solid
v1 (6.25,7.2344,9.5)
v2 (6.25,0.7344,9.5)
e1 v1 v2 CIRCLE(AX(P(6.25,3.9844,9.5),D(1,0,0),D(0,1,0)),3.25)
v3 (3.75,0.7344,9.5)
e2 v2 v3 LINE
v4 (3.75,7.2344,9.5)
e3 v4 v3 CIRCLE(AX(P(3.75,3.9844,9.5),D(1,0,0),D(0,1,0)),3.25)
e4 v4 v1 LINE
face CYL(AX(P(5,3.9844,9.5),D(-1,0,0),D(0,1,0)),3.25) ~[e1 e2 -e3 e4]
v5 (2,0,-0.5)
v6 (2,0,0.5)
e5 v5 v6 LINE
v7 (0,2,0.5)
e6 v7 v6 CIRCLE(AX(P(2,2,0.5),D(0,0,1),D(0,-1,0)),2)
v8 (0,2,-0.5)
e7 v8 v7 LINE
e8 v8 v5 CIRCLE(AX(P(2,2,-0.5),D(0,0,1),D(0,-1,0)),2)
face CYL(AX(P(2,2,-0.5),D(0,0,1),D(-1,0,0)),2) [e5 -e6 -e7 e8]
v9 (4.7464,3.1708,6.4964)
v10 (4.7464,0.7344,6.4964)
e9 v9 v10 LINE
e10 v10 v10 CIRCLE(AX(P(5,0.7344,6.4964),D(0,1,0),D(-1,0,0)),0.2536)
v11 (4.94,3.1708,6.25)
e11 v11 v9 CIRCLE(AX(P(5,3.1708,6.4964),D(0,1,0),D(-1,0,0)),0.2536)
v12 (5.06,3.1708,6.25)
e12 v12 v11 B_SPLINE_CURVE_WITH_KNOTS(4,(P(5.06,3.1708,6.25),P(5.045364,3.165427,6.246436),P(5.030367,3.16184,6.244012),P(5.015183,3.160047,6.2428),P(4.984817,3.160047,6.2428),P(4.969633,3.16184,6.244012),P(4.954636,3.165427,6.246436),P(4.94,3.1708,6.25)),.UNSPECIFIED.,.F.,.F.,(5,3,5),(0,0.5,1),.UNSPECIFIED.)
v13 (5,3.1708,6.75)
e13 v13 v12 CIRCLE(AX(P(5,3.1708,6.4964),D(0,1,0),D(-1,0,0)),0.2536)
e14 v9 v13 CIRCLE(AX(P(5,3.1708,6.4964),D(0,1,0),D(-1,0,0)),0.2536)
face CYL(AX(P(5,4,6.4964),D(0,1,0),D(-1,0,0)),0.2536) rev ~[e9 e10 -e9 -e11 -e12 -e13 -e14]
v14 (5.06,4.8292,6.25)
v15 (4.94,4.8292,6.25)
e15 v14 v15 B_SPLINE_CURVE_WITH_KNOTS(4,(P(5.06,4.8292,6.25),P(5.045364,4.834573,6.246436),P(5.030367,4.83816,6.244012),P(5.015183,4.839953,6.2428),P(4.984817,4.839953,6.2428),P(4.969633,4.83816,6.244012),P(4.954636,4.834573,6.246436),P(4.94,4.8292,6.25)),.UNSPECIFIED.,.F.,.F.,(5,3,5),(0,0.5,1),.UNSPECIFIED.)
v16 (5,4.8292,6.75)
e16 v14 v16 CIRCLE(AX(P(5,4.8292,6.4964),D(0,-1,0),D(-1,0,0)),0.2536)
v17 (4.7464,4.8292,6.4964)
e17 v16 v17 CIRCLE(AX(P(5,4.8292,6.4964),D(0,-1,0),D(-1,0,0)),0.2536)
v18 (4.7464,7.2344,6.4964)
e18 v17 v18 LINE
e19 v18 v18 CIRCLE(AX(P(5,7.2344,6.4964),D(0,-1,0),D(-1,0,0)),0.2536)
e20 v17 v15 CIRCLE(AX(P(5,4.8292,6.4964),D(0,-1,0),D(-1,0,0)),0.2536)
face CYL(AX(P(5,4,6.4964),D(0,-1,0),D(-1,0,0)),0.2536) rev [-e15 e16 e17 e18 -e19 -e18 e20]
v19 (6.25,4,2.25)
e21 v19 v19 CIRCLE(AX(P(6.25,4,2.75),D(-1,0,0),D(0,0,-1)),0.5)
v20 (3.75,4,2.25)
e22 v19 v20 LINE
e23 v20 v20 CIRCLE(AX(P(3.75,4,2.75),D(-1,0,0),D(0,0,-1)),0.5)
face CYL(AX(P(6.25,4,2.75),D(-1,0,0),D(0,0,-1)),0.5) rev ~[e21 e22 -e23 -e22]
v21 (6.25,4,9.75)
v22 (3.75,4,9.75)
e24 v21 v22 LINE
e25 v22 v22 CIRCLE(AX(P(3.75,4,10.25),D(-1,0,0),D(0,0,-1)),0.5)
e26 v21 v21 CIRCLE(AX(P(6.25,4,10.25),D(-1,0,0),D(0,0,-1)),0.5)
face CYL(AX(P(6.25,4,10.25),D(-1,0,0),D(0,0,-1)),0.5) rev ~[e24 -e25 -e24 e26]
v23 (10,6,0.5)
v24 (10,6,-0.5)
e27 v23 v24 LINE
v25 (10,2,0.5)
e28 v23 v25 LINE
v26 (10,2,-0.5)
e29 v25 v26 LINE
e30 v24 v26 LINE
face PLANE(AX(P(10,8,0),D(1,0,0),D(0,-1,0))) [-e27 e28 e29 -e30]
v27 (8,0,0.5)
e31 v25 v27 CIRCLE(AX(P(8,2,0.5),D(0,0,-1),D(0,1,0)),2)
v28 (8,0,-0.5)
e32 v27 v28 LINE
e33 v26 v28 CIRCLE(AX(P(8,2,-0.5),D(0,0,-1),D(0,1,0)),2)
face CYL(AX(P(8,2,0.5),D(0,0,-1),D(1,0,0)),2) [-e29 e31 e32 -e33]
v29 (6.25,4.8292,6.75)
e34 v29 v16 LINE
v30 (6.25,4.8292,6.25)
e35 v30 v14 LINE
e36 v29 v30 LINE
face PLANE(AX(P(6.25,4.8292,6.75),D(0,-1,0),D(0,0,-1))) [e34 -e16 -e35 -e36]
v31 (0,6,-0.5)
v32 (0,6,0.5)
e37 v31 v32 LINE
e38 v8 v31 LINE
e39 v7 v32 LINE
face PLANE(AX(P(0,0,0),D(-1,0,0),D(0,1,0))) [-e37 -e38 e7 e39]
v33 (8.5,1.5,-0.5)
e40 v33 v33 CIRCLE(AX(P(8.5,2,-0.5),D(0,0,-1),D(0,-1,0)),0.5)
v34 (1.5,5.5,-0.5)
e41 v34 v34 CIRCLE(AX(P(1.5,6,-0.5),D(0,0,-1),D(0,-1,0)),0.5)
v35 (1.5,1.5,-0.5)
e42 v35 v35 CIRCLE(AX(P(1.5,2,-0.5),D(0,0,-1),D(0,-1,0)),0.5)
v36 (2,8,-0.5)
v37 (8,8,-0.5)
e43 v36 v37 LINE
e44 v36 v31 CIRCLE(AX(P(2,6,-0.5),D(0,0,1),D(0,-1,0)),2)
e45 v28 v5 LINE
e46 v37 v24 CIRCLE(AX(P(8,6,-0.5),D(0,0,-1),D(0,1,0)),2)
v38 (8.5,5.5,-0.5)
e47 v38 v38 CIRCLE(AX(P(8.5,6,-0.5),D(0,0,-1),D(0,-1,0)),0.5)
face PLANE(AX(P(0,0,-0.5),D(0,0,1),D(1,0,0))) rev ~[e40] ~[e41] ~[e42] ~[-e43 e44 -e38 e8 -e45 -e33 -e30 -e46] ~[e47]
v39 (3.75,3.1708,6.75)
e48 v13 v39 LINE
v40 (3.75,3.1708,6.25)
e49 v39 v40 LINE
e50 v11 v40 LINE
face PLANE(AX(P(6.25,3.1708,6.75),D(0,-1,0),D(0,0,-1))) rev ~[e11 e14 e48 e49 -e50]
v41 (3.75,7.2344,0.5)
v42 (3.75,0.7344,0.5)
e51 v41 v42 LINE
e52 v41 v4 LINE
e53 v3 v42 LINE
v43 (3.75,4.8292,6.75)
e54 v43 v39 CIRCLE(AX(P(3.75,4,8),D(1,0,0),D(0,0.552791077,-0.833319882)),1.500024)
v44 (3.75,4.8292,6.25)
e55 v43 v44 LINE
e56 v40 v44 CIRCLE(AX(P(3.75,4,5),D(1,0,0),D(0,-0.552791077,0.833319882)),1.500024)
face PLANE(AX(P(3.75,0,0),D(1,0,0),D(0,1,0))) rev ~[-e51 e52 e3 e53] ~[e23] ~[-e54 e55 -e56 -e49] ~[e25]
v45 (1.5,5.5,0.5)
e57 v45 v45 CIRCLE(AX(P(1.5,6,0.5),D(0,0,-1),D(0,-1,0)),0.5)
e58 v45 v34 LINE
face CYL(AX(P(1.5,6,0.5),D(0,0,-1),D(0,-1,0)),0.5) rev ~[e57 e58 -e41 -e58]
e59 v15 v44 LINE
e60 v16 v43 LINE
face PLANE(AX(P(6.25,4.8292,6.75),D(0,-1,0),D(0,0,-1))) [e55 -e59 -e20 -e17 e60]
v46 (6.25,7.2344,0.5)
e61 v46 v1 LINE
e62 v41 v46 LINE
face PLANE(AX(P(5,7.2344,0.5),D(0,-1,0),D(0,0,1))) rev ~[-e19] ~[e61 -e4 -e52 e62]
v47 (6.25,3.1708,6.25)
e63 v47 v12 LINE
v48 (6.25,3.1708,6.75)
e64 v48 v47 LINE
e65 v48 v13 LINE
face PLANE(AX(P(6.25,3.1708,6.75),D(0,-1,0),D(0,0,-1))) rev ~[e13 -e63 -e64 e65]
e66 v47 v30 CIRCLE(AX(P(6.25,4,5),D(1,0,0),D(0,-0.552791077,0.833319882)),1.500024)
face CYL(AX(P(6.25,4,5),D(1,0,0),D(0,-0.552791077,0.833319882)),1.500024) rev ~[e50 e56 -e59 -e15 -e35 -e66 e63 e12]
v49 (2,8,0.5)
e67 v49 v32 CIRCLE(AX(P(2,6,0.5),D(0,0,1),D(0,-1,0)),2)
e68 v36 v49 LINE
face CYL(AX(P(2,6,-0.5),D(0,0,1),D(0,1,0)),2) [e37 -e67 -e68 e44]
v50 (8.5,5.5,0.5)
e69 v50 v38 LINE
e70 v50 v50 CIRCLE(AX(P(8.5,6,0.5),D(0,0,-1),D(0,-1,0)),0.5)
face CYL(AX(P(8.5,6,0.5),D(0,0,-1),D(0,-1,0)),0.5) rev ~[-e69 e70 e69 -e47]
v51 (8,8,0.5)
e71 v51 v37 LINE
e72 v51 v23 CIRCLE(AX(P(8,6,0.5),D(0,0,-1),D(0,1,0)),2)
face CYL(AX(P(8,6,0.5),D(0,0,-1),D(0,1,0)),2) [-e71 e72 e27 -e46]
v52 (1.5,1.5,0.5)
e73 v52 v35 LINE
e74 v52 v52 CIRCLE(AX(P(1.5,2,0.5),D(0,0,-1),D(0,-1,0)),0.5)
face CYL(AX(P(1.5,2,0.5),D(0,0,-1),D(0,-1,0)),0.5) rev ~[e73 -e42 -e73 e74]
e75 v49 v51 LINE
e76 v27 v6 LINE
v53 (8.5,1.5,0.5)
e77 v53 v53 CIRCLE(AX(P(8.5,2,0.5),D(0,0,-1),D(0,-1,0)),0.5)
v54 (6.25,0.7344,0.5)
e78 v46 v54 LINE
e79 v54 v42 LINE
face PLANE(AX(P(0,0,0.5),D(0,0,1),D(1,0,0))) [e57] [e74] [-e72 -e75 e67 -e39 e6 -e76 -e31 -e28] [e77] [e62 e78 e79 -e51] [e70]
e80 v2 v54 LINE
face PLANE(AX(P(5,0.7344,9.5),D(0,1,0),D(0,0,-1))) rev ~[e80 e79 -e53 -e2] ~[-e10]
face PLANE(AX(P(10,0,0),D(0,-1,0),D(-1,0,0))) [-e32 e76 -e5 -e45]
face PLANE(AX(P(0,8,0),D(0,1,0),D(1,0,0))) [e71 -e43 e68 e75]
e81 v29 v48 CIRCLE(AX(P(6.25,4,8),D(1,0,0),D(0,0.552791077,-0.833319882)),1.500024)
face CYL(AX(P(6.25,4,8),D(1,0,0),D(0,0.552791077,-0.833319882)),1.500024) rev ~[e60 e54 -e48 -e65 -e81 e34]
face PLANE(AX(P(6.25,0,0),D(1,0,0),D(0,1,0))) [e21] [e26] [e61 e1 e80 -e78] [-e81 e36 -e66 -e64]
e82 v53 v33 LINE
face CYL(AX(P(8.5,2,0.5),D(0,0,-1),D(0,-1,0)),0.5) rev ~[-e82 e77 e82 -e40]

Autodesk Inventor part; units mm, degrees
ref_plane "XY Plane" through (0, 0, 0) normal (0, 0, 1) x (1, 0, 0)
sketch "Skizze1" plane through (0, 0, 0) normal (0, 0, 1) x (1, 0, 0)
  line L0 (0, 8) -> (10, 8)
  line L1 (10, 8) -> (10, 0)
  line L2 (10, 0) -> (0, 0)
  line L3 (0, 0) -> (0, 8)
  dimension "d0" = 8
  dimension "d1" = 10
extrude "Extrusion1" add sketch "Skizze1" along normal mid plane 1
ref_plane "Arbeitsebene2" through (5, 0, 0) normal (1, 0, 0) x (0, 1, 0)
sketch "Skizze3" plane through (5, 0, 0) normal (1, 0, 0) x (0, 1, 0)
  line L0 (8, 0.5) -> (0, 0.5) projected
  line L1 (0.7344, 0.5) -> (7.2344, 0.5)
  line L2 (7.2344, 0.5) -> (7.2344, 9.5)
  line L3 (0.7344, 9.5) -> (0.7344, 0.5)
  arc A0 (7.2344, 9.5) -> (0.7344, 9.5) centre (3.9844, 9.5) ccw
  line L4 (0, -0.5) -> (8, -0.5) projected
  point P0 (0, 0)
  point P1 (3.9844, -0.5)
  dimension "d5" = 6.5
  dimension "d6" = 10
extrude "Extrusion2" add sketch "Skizze3" along normal mid plane 2.5
sketch "Skizze4" plane through (6.25, 0, 0) normal (1, 0, 0) x (0, 0, -1)
  line L0 (-6.75, 3.1708) -> (-6.25, 3.1708)
  line L1 (-6.75, 4.8292) -> (-6.25, 4.8292)
  arc A0 (-6.75, 4.8292) -> (-6.75, 3.1708) centre (-8, 4) ccw
  arc A1 (-6.25, 3.1708) -> (-6.25, 4.8292) centre (-5, 4) ccw
  line L2 (-0.5, 0) -> (-0.5, 8) projected
  point P0 (0, 0)
  point P1 (-0.5, 4)
  dimension "d9" = 1.5
  dimension "d10" = 0.5
  dimension "d11" = 4.5
  dimension "d12" = 3
extrude "Extrusion3" cut sketch "Skizze4" against normal blind 2.5
sketch "Skizze5" plane through (6.25, 0, 0) normal (1, 0, 0) x (0, 0, -1)
  arc A0 (-6.25, 3.1708) -> (-6.25, 4.8292) centre (-5, 4) ccw projected
  point P0 (0, 0)
  point P1 (-2.75, 4)
  point P2 (-3.5, 4)
  point P3 (-3.5, 4)
  dimension "d15" = 0.75
hole "Bohrung1" at (6.25, 4, 2.75) direction (-1, 0, 0) diameter 1 end through all
sketch "Skizze6" plane through (6.25, 0, 0) normal (1, 0, 0) x (0, 0, -1)
  arc A0 (-6.75, 4.8292) -> (-6.75, 3.1708) centre (-8, 4) ccw projected
  point P0 (0, 0)
  point P1 (-10.25, 4)
  point P2 (-9.5, 4)
  point P3 (-9.5, 4)
  dimension "d23" = 0.75
hole "Bohrung2" at (6.25, 4, 10.25) direction (-1, 0, 0) diameter 1 end through all
ref_plane "Arbeitsebene3" through (0, 4, 0) normal (0, 1, 0) x (-1, 0, 0)
sketch "Skizze7" plane through (0, 4, 0) normal (0, 1, 0) x (-1, 0, 0)
  circle A0 centre (-5, 6.4964) radius 0.2536
  line L0 (-6.25, 6.75) -> (-3.75, 6.75) projected
  point P0 (0, 0)
  point P1 (-5, 6.75)
  dimension "d32" = 0.5072
extrude "Extrusion4" cut sketch "Skizze7" along normal through all both and the other way through all
fillet "Rundung1" radius 2 4 edges at (10, 8, 0) (10, 0, 0) (0, 8, 0) (0, 0, 0)
sketch "Skizze8" plane through (0, 0, 0.5) normal (0, 0, 1) x (1, 0, 0)
  line L0 (10, 2) -> (10, 6) projected
  line L1 (10, 4) -> (0, 4) construction
  line L2 (2, 0) -> (8, 0) projected
  line L3 (5, 0) -> (5, 8) construction
  line L4 (2, 8) -> (8, 8) projected
  point P0 (0, 0)
  point P1 (8.5, 2)
  point P2 (1.5, 2)
  point P3 (1.5, 6)
  point P4 (8.5, 6)
  dimension "d36" = 7
  dimension "d37" = 4
hole "Bohrung3" at (8.5, 2, 0.5) at (1.5, 2, 0.5) at (1.5, 6, 0.5) at (8.5, 6, 0.5) direction (0, 0, -1) diameter 1 end through all
properties part number "grave" material "Stahl, galvanisiert"
